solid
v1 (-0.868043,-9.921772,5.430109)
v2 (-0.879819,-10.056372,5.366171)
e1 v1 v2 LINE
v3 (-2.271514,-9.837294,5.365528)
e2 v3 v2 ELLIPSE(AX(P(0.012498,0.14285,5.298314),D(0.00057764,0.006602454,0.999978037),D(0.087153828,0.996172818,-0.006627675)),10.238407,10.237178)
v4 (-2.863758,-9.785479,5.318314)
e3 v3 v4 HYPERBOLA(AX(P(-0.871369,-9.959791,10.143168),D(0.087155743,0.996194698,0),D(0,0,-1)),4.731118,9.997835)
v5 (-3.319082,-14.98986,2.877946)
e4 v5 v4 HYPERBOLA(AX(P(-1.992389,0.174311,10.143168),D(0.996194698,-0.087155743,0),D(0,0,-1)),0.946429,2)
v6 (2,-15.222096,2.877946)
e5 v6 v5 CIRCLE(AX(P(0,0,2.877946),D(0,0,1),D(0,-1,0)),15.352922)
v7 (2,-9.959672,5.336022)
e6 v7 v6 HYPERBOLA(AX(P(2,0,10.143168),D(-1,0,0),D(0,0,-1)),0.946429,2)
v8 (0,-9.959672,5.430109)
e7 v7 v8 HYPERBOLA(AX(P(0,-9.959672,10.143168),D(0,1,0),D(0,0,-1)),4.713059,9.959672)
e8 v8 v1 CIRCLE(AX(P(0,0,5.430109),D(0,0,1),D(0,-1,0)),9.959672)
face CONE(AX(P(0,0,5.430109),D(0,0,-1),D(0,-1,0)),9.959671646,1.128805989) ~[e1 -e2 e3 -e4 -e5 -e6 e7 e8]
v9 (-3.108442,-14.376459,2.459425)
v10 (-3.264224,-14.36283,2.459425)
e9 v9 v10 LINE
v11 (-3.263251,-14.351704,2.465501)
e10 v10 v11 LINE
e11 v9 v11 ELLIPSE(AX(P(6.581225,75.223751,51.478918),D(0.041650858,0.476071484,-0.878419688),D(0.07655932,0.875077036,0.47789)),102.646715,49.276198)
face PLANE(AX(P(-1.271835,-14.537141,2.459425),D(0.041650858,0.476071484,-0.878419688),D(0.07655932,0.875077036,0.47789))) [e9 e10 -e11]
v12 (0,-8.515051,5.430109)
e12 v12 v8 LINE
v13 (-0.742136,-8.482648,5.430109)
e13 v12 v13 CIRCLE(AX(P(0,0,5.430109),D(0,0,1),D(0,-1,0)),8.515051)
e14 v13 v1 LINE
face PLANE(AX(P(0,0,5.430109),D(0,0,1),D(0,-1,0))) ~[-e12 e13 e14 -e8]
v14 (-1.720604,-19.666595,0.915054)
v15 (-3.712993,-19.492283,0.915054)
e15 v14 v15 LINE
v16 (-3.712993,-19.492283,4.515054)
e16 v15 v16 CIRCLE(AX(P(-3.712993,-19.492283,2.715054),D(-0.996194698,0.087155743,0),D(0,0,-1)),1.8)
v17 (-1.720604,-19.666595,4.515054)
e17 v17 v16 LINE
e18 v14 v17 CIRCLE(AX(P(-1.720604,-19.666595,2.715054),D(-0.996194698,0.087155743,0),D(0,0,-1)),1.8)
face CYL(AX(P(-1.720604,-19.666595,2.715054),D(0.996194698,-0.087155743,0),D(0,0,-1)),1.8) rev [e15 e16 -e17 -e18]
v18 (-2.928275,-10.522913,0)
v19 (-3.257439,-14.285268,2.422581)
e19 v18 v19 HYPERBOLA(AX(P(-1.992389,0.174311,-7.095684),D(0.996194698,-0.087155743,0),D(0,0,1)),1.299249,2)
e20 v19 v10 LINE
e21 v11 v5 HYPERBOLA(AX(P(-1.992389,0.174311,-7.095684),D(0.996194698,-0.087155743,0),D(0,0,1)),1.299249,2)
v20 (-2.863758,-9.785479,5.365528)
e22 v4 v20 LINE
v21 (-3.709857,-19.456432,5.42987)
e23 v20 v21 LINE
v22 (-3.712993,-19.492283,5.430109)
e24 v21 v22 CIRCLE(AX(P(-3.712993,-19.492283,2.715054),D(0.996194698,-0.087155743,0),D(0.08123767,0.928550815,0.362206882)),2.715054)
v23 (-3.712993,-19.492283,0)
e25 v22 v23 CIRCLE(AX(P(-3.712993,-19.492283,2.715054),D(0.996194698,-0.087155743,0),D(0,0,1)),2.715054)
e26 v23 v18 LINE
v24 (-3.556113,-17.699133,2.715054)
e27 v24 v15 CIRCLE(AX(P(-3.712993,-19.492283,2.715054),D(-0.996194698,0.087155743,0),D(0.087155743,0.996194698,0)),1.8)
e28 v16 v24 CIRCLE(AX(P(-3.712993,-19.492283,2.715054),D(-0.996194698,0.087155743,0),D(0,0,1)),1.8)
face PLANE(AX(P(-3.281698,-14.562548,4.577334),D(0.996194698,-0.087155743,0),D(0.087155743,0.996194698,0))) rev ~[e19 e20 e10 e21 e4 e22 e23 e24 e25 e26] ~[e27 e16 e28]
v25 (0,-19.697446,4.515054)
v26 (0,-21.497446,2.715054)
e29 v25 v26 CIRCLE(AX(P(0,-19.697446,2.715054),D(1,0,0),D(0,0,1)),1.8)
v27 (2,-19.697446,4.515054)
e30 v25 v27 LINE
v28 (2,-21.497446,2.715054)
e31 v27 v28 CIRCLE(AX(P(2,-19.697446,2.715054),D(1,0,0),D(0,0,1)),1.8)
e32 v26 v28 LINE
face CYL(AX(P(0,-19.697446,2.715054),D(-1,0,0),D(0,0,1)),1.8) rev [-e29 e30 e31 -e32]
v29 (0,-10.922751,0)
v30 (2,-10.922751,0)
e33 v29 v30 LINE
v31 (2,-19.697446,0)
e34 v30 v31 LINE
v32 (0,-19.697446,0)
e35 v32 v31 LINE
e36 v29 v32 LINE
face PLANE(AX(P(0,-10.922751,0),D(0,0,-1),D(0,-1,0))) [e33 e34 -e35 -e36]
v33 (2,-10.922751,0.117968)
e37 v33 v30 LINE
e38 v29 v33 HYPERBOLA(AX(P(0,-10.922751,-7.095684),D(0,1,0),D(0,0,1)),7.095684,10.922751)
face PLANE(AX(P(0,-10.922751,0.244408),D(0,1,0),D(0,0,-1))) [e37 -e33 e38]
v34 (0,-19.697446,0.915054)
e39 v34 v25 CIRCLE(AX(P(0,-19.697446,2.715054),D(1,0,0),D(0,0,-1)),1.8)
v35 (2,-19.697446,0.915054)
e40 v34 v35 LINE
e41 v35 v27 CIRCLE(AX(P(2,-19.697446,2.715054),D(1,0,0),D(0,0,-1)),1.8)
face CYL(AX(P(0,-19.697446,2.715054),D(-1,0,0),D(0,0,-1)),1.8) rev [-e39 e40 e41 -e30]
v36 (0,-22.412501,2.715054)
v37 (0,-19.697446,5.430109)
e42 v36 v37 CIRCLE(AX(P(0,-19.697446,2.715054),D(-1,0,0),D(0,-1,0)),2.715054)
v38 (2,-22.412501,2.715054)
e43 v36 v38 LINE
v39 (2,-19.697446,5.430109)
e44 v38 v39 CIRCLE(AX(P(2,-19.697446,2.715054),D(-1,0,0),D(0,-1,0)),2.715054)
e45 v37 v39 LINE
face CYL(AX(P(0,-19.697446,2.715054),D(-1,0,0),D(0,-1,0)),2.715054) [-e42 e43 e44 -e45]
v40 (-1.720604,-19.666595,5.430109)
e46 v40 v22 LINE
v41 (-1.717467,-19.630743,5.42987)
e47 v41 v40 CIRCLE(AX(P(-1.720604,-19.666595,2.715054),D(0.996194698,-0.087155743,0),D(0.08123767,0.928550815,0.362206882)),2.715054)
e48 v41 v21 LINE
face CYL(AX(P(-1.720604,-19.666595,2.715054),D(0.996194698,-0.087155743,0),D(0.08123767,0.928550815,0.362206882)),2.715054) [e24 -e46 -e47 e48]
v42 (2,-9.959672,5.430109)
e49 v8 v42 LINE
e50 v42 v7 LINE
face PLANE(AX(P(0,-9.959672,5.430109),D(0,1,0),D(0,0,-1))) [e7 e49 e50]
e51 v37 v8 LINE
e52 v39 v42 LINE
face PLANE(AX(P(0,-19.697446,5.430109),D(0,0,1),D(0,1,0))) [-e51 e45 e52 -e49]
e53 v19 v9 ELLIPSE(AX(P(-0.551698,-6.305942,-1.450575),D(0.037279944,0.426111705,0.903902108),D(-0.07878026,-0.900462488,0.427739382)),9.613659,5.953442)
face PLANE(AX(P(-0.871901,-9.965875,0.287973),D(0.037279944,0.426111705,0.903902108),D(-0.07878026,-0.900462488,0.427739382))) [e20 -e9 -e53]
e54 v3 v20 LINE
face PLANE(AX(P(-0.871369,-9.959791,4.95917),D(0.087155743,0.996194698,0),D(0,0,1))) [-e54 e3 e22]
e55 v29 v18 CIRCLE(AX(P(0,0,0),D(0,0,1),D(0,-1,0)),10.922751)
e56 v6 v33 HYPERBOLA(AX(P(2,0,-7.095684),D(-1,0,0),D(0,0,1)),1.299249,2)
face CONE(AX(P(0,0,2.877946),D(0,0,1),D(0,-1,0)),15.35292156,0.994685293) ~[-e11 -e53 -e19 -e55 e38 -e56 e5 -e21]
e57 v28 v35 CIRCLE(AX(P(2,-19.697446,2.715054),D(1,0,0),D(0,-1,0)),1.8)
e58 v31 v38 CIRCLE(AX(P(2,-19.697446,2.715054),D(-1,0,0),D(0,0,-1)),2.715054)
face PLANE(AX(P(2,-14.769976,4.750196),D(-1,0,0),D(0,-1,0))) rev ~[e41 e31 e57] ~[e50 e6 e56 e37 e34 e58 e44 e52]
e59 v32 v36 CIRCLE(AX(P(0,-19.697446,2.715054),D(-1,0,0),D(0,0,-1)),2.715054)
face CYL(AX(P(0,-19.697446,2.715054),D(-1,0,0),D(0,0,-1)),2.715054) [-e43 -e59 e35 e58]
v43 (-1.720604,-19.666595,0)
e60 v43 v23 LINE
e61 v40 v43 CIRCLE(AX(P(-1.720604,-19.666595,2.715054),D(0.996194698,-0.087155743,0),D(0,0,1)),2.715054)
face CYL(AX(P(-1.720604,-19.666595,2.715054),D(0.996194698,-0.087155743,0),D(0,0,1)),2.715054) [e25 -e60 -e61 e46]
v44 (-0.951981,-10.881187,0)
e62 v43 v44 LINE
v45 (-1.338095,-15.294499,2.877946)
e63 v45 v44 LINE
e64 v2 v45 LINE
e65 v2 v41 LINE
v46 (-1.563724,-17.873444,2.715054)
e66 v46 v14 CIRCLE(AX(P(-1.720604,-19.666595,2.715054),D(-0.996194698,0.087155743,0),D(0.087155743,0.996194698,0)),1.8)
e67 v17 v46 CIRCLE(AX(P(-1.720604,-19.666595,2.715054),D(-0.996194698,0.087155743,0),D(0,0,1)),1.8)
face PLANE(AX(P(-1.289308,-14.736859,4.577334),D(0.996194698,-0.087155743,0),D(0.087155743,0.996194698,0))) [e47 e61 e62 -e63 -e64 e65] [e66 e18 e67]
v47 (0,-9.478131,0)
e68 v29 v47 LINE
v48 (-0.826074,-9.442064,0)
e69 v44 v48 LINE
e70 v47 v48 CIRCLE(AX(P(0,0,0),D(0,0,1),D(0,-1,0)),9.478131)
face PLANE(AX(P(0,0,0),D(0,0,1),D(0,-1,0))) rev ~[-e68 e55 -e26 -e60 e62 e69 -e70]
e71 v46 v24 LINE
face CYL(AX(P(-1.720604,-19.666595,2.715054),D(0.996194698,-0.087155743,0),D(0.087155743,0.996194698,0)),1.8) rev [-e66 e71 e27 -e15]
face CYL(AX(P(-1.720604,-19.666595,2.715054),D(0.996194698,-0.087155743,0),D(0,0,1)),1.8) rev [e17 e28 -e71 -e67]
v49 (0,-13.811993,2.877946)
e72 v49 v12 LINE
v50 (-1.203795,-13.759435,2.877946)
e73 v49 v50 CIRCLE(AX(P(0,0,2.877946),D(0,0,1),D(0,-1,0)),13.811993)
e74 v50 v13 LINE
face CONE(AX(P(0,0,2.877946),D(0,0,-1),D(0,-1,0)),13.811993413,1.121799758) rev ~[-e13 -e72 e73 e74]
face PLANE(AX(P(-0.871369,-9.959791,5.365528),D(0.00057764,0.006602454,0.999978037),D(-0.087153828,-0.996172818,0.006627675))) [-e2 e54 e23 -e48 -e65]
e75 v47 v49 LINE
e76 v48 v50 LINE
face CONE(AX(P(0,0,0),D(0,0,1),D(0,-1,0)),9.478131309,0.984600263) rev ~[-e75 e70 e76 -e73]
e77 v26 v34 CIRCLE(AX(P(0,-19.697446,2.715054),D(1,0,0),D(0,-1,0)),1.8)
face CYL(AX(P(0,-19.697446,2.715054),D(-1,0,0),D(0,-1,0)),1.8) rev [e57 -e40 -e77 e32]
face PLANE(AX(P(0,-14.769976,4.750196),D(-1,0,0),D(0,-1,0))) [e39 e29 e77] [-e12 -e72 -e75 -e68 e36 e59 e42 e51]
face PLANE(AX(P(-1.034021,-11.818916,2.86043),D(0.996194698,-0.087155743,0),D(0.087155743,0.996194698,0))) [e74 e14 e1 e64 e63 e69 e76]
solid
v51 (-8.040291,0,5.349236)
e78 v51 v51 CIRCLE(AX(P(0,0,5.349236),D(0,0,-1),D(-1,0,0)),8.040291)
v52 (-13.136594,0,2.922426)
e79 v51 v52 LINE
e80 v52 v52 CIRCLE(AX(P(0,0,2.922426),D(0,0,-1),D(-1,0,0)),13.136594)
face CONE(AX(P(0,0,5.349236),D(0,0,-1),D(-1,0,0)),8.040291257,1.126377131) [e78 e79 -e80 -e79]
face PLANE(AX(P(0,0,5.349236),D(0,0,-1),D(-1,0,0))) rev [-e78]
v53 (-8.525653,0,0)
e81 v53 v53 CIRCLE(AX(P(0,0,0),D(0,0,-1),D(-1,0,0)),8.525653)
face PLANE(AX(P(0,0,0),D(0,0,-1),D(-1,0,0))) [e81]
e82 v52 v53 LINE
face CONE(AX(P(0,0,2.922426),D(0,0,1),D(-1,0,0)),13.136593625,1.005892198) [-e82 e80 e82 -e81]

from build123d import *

# Parameters (mm, degrees)
F4_ANGLE = 355
F6_DEPTH = 2
F9_DEPTH = 2


with BuildPart() as f1:
    # F0 (on Front) → F1 (revolve)
    with BuildSketch(Plane.XZ):
        Polygon((-8.5256528109, 0), (0, 0), (0, 5.3492360748), (-8.0402912572, 5.3492360748), (-13.1365936249, 2.9224255122), align=None)
    revolve(axis=Axis((0, 0, 2.6746180374), (0, 0, -1)))


with BuildPart() as f4:
    # F2 (on Right) → F4 (revolve)
    with BuildSketch(Plane.YZ):
        Polygon((-10.9227513894, 0), (-9.4781313092, 0), (-13.8119934127, 2.8779460117), (-8.5150506347, 5.4301088676), (-9.9596716464, 5.4301088676), (-15.3529215604, 2.8779460117), align=None)
    revolve(axis=Axis((0, 0, 3.4475456923), (0, 0, 1)), revolution_arc=F4_ANGLE)

    # F5 (on face) → F6 (join)
    with BuildSketch(Plane(origin=(0, 0, 0), x_dir=(0, -1, 0), z_dir=(-1, 0, 0))):
        with BuildLine():
            Line((19.6974463761, 5.4301088676), (9.9596716464, 5.4301088676))
            Line((9.9596716464, 5.4301088676), (9.9596716464, 5.1421355456))
            Line((9.9596716464, 5.1421355456), (14.8787824938, 2.8143420651))
            Line((14.8787824938, 2.8143420651), (18.0616624244, 4.8820180795))
            ThreePointArc((18.0616624244, 4.8820180795), (18.8348641121, 5.2894422088), (19.6974463761, 5.4301088676))
        make_face()
        with BuildLine():
            ThreePointArc((22.4125008099, 2.7150544338), (21.6172797775, 4.6348878352), (19.6974463761, 5.4301088676))
            Line((19.6974463761, 5.4301088676), (19.6974463761, 4.5150544338))
            ThreePointArc((19.6974463761, 4.5150544338), (20.9702385822, 3.9878466399), (21.4974463761, 2.7150544338))
            ThreePointArc((21.4974463761, 2.7150544338), (20.9702385822, 1.4422622277), (19.6974463761, 0.9150544338))
            Line((19.6974463761, 0.9150544338), (19.6974463761, 0))
            ThreePointArc((19.6974463761, 0), (21.6172797775, 0.7952210324), (22.4125008099, 2.7150544338))
        make_face()
        with BuildLine():
            Line((19.6974463761, 4.5150544338), (19.6974463761, 5.4301088676))
            ThreePointArc((19.6974463761, 5.4301088676), (18.8348641121, 5.2894422088), (18.0616624244, 4.8820180795))
            ThreePointArc((18.0616624244, 4.8820180795), (17.0857219121, 3.456954631), (17.1667503073, 1.7316430317))
            ThreePointArc((17.1667503073, 1.7316430317), (18.1642299708, 0.4743473951), (19.6974463761, 0))
            Line((19.6974463761, 0), (19.6974463761, 0.9150544338))
            ThreePointArc((19.6974463761, 0.9150544338), (17.8974463761, 2.7150544338), (19.6974463761, 4.5150544338))
        make_face()
        with BuildLine():
            ThreePointArc((17.1667503073, 1.7316430317), (17.0857219121, 3.456954631), (18.0616624244, 4.8820180795))
            Line((18.0616624244, 4.8820180795), (14.8787824938, 2.8143420651))
            Line((14.8787824938, 2.8143420651), (17.1667503073, 1.7316430317))
        make_face()
        with BuildLine():
            Line((17.1667503073, 1.7316430317), (14.8787824938, 2.8143420651))
            Line((14.8787824938, 2.8143420651), (10.9227513894, 0.2444082929))
            Line((10.9227513894, 0.2444082929), (10.9227513894, 0))
            Line((10.9227513894, 0), (19.6974463761, 0))
            ThreePointArc((19.6974463761, 0), (18.1642299708, 0.4743473951), (17.1667503073, 1.7316430317))
        make_face()
    extrude(amount=-F6_DEPTH)

    # F8 (on offset) → F9 (join)
    with BuildSketch(Plane(origin=(0, 0, 0), x_dir=(0.0871557427, 0.9961946981, 0), z_dir=(0.9961946981, -0.0871557427, 0))):
        with BuildLine():
            Line((-9.9978353828, 5.3655281663), (-19.741717726, 5.4301088676))
            ThreePointArc((-19.741717726, 5.4301088676), (-18.2085013207, 4.9557614724), (-17.2110216572, 3.6984658359))
            Line((-17.2110216572, 3.6984658359), (-14.5926705645, 2.4594247181))
            Line((-14.5926705645, 2.4594247181), (-9.9978353828, 4.9591703566))
            Line((-9.9978353828, 4.9591703566), (-9.9978353828, 5.3655281663))
        make_face()
        with BuildLine():
            Line((-19.741717726, 0), (-10.0039429963, 0))
            Line((-10.0039429963, 0), (-10.0039429963, 0.287973322))
            Line((-10.0039429963, 0.287973322), (-14.5926705645, 2.4594247181))
            Line((-14.5926705645, 2.4594247181), (-18.1059337743, 0.5480907881))
            ThreePointArc((-18.1059337743, 0.5480907881), (-18.879135462, 0.1406666587), (-19.741717726, 0))
        make_face()
        with BuildLine():
            ThreePointArc((-19.741717726, 5.4301088676), (-22.4567721598, 2.7150544338), (-19.741717726, 0))
            Line((-19.741717726, 0), (-19.741717726, 0.9150544338))
            ThreePointArc((-19.741717726, 0.9150544338), (-21.541717726, 2.7150544338), (-19.741717726, 4.5150544338))
            Line((-19.741717726, 4.5150544338), (-19.741717726, 5.4301088676))
        make_face()
        with BuildLine():
            Line((-19.741717726, 0.9150544338), (-19.741717726, 0))
            ThreePointArc((-19.741717726, 0), (-18.879135462, 0.1406666587), (-18.1059337743, 0.5480907881))
            ThreePointArc((-18.1059337743, 0.5480907881), (-17.3114129047, 1.5046251488), (-17.0266632922, 2.7150544338))
            ThreePointArc((-17.0266632922, 2.7150544338), (-17.0731508671, 3.2153258583), (-17.2110216572, 3.6984658359))
            ThreePointArc((-17.2110216572, 3.6984658359), (-18.2085013207, 4.9557614724), (-19.741717726, 5.4301088676))
            Line((-19.741717726, 5.4301088676), (-19.741717726, 4.5150544338))
            ThreePointArc((-19.741717726, 4.5150544338), (-18.4689255199, 3.9878466399), (-17.941717726, 2.7150544338))
            ThreePointArc((-17.941717726, 2.7150544338), (-18.4689255199, 1.4422622277), (-19.741717726, 0.9150544338))
        make_face()
        with BuildLine():
            ThreePointArc((-17.0266632922, 2.7150544338), (-17.3114129047, 1.5046251488), (-18.1059337743, 0.5480907881))
            Line((-18.1059337743, 0.5480907881), (-14.5926705645, 2.4594247181))
            Line((-14.5926705645, 2.4594247181), (-17.2110216572, 3.6984658359))
            ThreePointArc((-17.2110216572, 3.6984658359), (-17.0731508671, 3.2153258583), (-17.0266632922, 2.7150544338))
        make_face()
    extrude(amount=-F9_DEPTH)


solid = Compound([f1.part, f4.part])
